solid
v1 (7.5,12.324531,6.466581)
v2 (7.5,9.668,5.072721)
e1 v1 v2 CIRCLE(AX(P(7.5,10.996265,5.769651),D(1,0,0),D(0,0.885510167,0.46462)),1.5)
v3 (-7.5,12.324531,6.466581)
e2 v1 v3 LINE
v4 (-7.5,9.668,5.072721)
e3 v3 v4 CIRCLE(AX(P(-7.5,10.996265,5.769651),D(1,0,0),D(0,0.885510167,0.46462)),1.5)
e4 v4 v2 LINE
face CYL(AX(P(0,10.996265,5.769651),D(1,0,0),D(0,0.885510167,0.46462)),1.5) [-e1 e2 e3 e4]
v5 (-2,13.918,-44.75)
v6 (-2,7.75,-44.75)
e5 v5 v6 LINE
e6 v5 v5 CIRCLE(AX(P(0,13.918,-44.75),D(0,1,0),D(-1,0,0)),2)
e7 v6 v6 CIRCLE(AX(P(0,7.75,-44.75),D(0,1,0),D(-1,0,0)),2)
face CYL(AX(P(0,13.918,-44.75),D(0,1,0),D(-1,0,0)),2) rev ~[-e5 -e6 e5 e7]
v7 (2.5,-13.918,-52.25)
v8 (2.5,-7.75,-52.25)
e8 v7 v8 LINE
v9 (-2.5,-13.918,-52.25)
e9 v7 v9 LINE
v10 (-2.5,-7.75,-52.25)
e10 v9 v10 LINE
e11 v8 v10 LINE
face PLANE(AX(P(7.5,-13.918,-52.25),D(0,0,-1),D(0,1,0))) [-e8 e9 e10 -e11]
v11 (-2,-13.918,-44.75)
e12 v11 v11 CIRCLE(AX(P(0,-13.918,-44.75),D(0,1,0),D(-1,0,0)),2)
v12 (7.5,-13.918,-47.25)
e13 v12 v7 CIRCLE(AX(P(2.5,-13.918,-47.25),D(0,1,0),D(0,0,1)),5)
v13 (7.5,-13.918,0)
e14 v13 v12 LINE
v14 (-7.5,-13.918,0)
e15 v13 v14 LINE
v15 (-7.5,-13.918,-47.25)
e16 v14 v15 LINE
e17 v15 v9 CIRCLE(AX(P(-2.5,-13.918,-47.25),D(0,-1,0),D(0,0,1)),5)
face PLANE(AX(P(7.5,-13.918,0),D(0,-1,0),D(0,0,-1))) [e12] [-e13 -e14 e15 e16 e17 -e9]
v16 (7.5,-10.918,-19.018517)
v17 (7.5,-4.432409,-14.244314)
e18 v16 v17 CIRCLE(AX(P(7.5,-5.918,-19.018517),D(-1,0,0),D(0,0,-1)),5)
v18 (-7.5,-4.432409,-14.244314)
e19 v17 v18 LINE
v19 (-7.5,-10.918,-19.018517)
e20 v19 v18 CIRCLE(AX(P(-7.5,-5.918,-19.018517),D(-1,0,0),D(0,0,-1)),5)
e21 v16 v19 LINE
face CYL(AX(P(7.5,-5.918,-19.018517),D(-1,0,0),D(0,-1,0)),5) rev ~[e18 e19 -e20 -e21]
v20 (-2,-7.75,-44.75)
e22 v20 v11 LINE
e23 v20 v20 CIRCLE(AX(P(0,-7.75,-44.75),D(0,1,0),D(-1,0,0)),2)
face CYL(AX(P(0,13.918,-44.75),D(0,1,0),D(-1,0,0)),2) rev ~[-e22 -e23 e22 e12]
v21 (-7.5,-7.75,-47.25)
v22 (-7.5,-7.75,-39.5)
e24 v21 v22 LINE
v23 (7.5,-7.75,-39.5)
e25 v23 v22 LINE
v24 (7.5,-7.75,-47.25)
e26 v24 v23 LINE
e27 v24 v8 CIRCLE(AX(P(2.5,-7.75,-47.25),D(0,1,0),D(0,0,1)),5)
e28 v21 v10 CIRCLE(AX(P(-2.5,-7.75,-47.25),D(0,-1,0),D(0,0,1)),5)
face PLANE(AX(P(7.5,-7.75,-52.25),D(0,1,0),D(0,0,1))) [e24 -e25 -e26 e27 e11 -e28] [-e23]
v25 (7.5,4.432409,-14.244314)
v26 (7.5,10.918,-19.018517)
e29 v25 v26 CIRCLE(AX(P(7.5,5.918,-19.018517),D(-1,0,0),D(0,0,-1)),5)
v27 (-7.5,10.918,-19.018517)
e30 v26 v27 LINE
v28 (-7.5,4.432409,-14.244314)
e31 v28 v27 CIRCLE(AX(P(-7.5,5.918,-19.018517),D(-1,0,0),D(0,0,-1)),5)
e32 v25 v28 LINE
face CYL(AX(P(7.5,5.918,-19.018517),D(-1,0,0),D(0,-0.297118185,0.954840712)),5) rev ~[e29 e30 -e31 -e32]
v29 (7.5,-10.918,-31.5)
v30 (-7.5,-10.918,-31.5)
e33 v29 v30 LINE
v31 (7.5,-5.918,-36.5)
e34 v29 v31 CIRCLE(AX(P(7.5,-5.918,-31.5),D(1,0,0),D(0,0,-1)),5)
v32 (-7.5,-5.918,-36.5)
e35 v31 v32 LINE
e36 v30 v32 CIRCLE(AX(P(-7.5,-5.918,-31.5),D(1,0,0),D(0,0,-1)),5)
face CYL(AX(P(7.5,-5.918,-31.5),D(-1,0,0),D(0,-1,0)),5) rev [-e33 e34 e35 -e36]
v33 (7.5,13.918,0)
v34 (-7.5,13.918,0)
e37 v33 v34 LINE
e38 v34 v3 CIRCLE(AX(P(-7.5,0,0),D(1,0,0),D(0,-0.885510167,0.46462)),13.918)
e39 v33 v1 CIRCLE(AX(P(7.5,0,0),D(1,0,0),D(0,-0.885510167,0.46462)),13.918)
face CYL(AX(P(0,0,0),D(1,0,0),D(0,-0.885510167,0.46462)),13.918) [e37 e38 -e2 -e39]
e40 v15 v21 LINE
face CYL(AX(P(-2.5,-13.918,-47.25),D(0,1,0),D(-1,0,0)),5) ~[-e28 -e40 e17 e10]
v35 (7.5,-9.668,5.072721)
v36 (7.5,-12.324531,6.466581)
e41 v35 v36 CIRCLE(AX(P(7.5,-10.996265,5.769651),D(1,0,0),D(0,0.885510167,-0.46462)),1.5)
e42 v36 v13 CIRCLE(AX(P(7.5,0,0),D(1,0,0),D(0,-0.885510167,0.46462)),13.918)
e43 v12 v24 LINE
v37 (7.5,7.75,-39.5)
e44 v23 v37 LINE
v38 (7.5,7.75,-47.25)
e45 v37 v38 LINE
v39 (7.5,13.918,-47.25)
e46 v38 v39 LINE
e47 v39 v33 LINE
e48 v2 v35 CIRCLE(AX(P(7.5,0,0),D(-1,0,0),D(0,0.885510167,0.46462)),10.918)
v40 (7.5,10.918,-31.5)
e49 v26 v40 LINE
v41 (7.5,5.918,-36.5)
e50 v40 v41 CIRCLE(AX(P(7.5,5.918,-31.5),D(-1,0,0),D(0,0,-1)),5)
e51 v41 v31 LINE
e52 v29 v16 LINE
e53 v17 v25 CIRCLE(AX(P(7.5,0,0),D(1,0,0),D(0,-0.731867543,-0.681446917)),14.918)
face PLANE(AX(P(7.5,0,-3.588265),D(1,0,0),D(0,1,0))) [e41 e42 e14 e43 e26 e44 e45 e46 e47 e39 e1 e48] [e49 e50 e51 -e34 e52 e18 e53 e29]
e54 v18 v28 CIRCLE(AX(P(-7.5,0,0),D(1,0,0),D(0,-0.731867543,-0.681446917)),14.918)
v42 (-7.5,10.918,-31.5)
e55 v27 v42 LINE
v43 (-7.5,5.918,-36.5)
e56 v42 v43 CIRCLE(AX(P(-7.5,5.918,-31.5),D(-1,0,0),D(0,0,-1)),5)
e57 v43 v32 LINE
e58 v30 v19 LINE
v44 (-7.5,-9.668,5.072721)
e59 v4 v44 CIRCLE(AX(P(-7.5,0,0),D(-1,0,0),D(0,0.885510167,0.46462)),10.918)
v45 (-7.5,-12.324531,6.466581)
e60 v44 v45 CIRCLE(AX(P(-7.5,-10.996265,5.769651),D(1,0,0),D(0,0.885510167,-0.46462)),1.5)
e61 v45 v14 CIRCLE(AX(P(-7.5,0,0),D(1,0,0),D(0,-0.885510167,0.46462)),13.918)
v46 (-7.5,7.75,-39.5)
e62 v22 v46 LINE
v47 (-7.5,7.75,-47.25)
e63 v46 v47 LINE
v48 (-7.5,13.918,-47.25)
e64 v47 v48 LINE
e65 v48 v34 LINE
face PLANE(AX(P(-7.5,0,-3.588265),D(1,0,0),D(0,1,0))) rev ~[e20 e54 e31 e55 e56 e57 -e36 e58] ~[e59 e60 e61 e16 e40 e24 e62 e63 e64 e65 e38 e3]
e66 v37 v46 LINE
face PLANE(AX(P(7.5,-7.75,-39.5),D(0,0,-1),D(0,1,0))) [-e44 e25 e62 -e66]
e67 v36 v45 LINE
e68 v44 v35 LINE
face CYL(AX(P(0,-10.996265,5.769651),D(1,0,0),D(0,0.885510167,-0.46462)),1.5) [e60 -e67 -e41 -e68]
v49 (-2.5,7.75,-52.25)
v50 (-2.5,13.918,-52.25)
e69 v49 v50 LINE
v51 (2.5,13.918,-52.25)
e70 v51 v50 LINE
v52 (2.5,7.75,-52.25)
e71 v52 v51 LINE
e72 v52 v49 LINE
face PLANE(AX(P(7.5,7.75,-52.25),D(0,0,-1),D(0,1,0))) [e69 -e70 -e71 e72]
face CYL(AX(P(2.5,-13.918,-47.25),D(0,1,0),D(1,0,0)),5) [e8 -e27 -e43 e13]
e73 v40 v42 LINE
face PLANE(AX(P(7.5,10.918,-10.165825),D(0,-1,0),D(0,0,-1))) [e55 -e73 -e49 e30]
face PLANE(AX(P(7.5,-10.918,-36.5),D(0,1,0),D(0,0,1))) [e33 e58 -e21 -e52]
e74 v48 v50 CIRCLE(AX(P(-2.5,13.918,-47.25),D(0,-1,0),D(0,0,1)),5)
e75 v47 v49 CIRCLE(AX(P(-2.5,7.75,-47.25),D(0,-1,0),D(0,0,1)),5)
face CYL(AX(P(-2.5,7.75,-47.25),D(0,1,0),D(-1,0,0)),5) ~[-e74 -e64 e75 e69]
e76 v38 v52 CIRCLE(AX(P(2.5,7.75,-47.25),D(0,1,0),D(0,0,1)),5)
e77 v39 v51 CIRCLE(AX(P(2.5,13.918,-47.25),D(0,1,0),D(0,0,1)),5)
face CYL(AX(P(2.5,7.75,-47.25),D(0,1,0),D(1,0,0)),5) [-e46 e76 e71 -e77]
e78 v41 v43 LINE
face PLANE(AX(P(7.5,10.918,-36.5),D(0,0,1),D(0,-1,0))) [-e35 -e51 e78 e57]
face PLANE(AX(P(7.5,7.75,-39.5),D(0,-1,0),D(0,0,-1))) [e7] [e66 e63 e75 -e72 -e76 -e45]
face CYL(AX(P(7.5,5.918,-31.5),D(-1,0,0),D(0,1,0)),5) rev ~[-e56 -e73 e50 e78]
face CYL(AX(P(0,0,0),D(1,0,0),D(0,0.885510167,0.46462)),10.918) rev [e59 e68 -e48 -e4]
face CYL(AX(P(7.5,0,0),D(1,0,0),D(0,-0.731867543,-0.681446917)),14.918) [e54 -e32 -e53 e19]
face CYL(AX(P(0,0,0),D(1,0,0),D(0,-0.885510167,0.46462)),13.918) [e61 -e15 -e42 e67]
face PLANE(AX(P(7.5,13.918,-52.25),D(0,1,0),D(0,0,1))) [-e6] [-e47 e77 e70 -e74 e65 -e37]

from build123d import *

# Parameters (mm, degrees)
F1_DEPTH = 7.5
F3_DEPTH = 15
F4_R     = 2
F5_DEPTH = 27.837
F6_R     = 5


with BuildPart() as f1:
    # F0 (on Right) → F1 (new body, symmetric)
    with BuildSketch(Plane.YZ):
        with BuildLine():
            ThreePointArc((12.3245305001, 6.4665811641), (10.2993352496, 7.0979164137), (9.668, 5.0727211632))
            ThreePointArc((9.668, 5.0727211632), (0, -10.918), (-9.668, 5.0727211632))
            ThreePointArc((-9.668, 5.0727211632), (-10.2993352496, 7.0979164137), (-12.3245305001, 6.4665811641))
            ThreePointArc((-12.3245305001, 6.4665811641), (0, -13.918), (12.3245305001, 6.4665811641))
        make_face()
    extrude(amount=F1_DEPTH, both=True)

    # F2 (on face) → F3 (join, through all)
    with BuildSketch(Plane.YZ.offset(7.5)):
        with BuildLine():
            ThreePointArc((13.918, 0), (0, -13.918), (-13.918, 0))
            Line((-13.918, 0), (-13.918, -52.25))
            Line((-13.918, -52.25), (-7.75, -52.25))
            Line((-7.75, -52.25), (-7.75, -39.5))
            Line((-7.75, -39.5), (7.75, -39.5))
            Line((7.75, -39.5), (7.75, -52.25))
            Line((7.75, -52.25), (13.918, -52.25))
            Line((13.918, -52.25), (13.918, 0))
        make_face()
        with BuildLine():
            Line((-10.918, -36.5), (-10.918, -10.1658251018))
            ThreePointArc((-10.918, -10.1658251018), (0, -14.918), (10.918, -10.1658251018))
            Line((10.918, -10.1658251018), (10.918, -36.5))
            Line((10.918, -36.5), (-10.918, -36.5))
        make_face(mode=Mode.SUBTRACT)
    extrude(amount=-F3_DEPTH)

    # F4 (on face) → F5 (cut, through all)
    with BuildSketch(Plane(origin=(0, 13.918, 0), x_dir=(-1, 0, 0), z_dir=(0, 1, 0))):
        with Locations((0, -44.75)):
            Circle(F4_R)
    extrude(amount=-F5_DEPTH, mode=Mode.SUBTRACT)

    # F6
    f6_edges = [f1.edges().sort_by_distance(p)[0] for p in [
        (7.5, -10.834, -52.25),
        (-7.5, -10.834, -52.25),
        (7.5, 10.834, -52.25),
        (-7.5, 10.834, -52.25),
        (0, -10.918, -10.165825),
        (0, 10.918, -10.165825),
        (0, -10.918, -36.5),
        (0, 10.918, -36.5),
    ]]
    fillet(f6_edges, radius=F6_R)


solid = f1.part
